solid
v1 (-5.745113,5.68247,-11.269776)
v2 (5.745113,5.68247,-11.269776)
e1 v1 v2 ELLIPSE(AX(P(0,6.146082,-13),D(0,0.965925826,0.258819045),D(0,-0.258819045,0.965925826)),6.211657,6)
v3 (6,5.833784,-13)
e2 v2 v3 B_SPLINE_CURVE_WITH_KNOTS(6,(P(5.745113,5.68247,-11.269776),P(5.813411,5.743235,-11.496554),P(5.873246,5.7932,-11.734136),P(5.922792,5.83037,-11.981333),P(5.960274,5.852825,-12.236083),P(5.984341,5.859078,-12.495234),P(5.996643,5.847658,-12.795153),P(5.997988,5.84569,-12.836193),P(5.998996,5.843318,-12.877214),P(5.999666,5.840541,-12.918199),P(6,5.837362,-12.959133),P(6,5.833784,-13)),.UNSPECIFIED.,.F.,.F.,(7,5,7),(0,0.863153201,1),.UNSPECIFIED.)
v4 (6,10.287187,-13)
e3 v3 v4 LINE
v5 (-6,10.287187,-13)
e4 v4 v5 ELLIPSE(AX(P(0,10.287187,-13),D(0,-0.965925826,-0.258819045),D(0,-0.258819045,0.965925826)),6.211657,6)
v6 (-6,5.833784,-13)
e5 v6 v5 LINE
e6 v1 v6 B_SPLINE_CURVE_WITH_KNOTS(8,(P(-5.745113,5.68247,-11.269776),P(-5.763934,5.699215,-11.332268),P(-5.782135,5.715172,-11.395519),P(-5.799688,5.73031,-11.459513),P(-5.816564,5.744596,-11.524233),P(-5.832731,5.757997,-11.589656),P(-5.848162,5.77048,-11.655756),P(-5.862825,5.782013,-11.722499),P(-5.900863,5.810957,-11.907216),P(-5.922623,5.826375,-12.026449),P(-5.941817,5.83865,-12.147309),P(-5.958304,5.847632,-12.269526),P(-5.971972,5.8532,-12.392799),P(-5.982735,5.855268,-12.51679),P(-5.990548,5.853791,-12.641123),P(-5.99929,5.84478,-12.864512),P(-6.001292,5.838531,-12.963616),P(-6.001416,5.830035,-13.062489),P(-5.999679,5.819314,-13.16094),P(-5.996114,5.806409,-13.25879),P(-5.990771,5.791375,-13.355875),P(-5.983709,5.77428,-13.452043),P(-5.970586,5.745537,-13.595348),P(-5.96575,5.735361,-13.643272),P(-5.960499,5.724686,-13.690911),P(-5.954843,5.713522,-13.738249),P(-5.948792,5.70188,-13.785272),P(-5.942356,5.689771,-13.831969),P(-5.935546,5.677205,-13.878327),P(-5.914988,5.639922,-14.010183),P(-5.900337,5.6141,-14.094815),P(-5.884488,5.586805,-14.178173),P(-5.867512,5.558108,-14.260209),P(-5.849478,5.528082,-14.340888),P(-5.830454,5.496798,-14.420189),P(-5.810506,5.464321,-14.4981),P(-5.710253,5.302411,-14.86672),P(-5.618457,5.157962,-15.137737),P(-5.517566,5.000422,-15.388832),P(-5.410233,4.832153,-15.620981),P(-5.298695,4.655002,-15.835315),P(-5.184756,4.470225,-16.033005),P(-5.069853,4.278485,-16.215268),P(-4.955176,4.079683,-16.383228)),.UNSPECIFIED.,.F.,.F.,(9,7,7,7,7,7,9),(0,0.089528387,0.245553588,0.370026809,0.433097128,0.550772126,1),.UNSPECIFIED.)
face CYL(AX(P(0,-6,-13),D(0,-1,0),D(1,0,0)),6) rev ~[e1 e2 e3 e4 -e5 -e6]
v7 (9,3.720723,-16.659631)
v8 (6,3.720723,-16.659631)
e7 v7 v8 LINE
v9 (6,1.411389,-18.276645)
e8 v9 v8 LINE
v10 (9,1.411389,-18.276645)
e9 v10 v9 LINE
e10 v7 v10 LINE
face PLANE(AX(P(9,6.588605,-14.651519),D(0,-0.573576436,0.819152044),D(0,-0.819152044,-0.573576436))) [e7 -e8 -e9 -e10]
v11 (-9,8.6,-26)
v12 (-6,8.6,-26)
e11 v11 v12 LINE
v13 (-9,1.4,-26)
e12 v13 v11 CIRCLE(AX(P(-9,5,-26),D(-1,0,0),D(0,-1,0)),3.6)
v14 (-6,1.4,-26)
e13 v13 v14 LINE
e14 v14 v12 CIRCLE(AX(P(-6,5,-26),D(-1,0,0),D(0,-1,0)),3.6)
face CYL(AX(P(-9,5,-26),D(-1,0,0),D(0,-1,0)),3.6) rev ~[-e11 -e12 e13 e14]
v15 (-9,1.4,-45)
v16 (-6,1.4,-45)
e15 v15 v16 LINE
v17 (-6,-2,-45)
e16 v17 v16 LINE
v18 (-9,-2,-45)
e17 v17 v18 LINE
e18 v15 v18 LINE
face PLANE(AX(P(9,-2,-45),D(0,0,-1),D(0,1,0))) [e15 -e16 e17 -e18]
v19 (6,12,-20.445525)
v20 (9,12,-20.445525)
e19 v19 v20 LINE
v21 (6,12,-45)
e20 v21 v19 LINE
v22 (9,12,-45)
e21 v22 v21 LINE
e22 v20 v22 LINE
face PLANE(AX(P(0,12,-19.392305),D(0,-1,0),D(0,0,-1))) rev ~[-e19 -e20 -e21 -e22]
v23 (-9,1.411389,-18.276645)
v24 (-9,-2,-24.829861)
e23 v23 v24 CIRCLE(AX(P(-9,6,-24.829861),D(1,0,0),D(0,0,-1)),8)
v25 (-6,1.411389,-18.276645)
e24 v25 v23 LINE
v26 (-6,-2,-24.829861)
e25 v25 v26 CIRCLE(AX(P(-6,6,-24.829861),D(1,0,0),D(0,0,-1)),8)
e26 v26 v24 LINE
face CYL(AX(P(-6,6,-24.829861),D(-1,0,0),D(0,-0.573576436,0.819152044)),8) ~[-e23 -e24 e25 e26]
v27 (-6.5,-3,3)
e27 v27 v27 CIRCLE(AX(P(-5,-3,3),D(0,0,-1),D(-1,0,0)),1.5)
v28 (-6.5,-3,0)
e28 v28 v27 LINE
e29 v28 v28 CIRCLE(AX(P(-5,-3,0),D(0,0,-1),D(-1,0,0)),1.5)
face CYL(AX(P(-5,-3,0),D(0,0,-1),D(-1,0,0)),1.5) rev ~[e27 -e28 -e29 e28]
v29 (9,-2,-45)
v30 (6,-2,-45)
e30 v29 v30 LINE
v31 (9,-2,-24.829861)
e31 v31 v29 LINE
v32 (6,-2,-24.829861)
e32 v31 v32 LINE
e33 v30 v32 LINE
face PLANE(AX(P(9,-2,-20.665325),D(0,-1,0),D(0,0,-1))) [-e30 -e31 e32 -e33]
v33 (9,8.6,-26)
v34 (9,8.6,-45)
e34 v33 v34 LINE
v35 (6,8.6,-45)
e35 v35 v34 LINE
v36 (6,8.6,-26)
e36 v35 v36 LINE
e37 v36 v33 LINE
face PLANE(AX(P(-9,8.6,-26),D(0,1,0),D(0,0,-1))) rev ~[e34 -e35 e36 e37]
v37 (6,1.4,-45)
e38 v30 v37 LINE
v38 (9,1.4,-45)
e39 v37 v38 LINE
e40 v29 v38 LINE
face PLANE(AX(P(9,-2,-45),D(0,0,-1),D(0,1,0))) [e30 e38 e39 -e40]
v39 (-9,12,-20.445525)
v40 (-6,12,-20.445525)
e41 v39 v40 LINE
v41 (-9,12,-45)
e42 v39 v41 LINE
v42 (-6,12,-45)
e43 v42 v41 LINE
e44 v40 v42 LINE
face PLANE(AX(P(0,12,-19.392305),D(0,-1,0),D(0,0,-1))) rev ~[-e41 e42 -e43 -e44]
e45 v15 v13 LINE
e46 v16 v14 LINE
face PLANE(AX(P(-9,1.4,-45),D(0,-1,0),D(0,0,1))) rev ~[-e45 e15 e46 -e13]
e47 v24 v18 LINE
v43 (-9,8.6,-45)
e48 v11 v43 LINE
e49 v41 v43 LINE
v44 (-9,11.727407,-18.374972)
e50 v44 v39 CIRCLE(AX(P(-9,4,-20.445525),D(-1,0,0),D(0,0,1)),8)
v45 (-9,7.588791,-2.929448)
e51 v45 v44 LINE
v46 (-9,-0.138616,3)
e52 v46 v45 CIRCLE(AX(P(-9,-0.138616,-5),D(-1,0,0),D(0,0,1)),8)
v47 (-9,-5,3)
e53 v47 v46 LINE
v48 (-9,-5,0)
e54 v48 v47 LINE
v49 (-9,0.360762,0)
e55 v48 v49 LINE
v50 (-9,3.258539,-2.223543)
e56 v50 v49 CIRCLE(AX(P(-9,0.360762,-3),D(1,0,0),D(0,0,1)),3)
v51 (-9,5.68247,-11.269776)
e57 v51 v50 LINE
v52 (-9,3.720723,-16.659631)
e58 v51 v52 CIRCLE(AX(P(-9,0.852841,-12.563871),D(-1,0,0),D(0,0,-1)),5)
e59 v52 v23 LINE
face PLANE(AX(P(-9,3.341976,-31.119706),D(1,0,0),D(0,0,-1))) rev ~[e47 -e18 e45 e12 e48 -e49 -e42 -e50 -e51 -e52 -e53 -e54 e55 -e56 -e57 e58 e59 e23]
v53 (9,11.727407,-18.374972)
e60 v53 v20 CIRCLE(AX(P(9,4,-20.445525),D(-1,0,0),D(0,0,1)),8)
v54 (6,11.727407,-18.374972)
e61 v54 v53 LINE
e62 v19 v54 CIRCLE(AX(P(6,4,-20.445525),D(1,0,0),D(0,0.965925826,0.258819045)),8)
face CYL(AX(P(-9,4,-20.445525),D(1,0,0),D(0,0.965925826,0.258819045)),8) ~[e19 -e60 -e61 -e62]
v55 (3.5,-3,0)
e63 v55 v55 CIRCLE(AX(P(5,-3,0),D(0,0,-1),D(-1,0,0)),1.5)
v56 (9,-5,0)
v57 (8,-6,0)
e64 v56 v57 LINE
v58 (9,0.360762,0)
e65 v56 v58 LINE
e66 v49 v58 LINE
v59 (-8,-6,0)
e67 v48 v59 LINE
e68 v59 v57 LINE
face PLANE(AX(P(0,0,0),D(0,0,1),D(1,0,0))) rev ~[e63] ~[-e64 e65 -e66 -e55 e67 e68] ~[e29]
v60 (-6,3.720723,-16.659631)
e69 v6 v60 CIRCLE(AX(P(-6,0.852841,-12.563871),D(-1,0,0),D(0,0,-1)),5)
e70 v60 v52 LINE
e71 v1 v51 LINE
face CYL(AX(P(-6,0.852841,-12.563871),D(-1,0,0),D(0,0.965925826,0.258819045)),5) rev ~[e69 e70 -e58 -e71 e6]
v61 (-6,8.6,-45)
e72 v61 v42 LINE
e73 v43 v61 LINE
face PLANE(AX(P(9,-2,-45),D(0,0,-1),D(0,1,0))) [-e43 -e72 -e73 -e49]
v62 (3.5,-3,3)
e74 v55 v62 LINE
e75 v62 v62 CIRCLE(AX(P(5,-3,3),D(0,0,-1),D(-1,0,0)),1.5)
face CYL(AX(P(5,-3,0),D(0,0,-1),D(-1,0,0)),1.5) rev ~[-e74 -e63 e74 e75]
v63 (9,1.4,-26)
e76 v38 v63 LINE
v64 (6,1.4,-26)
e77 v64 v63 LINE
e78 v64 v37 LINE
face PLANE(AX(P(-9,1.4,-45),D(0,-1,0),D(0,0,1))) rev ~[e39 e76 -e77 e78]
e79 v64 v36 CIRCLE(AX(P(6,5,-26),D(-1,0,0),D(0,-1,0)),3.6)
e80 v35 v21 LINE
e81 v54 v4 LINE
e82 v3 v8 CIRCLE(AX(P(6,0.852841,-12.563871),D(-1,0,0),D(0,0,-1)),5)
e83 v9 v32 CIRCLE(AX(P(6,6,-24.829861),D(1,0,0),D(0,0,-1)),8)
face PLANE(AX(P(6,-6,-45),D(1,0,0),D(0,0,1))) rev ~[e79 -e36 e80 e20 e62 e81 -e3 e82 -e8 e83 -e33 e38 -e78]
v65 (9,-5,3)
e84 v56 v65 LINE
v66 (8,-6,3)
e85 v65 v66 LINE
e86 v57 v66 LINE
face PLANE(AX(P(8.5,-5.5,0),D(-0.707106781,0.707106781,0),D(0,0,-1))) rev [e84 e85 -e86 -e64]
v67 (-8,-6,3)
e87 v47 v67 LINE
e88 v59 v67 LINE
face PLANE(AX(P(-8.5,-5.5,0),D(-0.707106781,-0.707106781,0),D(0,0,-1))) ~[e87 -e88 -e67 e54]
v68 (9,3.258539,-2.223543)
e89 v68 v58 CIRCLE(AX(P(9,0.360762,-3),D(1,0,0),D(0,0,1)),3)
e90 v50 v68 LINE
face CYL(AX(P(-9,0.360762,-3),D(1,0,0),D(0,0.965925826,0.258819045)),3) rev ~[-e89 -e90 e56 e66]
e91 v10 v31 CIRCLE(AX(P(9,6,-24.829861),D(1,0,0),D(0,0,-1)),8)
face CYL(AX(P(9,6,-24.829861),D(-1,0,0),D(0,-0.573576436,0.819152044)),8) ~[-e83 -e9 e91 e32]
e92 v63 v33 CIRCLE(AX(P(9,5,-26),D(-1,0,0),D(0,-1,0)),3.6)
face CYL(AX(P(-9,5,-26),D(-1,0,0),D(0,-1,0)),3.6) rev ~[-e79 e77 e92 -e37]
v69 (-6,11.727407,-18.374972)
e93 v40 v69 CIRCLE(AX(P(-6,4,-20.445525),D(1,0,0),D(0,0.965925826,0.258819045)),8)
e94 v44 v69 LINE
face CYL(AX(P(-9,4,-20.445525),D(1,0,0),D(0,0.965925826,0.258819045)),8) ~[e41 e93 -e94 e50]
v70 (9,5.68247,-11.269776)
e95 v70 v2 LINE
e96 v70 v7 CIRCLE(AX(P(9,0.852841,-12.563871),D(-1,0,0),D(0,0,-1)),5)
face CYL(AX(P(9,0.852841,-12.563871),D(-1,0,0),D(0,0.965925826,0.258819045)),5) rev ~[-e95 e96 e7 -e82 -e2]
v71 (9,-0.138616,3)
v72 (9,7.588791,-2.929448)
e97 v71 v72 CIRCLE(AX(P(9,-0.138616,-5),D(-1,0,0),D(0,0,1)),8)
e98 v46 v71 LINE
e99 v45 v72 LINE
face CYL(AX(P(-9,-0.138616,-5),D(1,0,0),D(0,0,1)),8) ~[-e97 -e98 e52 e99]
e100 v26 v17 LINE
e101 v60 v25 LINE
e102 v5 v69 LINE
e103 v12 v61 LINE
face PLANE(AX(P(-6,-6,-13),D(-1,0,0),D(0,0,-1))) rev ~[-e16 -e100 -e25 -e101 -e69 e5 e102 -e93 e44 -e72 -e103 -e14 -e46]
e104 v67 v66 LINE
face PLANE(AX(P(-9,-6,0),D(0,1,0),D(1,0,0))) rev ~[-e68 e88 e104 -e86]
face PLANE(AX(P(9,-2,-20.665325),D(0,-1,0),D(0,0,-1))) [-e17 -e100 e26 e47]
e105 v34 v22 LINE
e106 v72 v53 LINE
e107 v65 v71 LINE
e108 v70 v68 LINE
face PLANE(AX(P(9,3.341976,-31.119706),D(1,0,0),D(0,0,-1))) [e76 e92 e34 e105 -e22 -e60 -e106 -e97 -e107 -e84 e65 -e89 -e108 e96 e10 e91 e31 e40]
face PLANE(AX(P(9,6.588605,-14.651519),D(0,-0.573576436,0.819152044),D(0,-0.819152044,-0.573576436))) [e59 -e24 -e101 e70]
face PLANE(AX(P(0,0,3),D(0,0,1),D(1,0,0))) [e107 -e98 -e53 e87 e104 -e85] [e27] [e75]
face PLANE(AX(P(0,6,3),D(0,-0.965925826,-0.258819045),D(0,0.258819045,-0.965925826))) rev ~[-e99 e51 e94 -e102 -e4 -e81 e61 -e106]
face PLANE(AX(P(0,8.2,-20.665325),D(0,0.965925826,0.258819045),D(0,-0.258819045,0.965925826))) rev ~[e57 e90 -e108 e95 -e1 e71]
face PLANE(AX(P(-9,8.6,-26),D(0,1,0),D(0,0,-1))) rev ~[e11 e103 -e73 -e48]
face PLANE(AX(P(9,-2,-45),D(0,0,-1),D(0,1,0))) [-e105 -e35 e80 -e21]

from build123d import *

# Parameters (mm, degrees)
SKETCH_1_W          = 18
SKETCH_1_H          = 12
EXTRUDE_1_DEPTH     = 3
EXTRUDE_2_DEPTH     = 9
EXTRUDE1_DEPTH      = 18
SKETCH_5_R          = 1.5
CUT_EXTRUDE_5_DEPTH = 3
CHAMFER_1_SIZE      = 1
FILLET1_R           = 8
EXTRUDE6_REACH      = 51.295
EXTRUDE7_START      = -18
EXTRUDE7_DEPTH      = 18
FILLET5_R           = 3
FILLET6_R           = 5
FILLET7_R           = 8


with BuildPart() as part:
    # 草图1 → 拉伸1 (new body)
    with BuildSketch(Plane.XY):
        Rectangle(SKETCH_1_W, SKETCH_1_H)
    extrude(amount=EXTRUDE_1_DEPTH)

    # 草图2 → 拉伸2 (add, symmetric)
    with BuildSketch(Plane(origin=(0, 0, 0), x_dir=(0, 0, -1), z_dir=(1, 0, 0))):
        Polygon((19.392304845, 12), (45, 12), (45, 8.2), (20.665324997, 8.2), (0, 2.662742856), (-3, 6), align=None)
    extrude(amount=EXTRUDE_2_DEPTH, both=True)

    # Sketch2 → Extrude1 (add)
    with BuildSketch(Plane(origin=(9, 0, 0), x_dir=(0, 0, -1), z_dir=(1, 0, 0))):
        Polygon((45, 8.2), (20.665324997, 8.2), (14.65151871, 6.588605462), (20.665324997, -2), (45, -2), align=None)
    extrude(amount=-EXTRUDE1_DEPTH)

    # 草图5 → 拉伸5 (cut)
    with BuildSketch(Plane(origin=(0, 0, 0), x_dir=(-1, 0, 0), z_dir=(0, 0, -1))):
        with Locations((-5, -3)):
            Circle(SKETCH_5_R)
        with Locations((5, -3)):
            Circle(SKETCH_5_R)
    extrude(amount=-CUT_EXTRUDE_5_DEPTH, mode=Mode.SUBTRACT)

    # 倒角1
    chamfer_1_edges = [part.edges().sort_by_distance(p)[0] for p in [
        (9, -6, 1.5),
        (-9, -6, 1.5),
    ]]
    chamfer(chamfer_1_edges, length=CHAMFER_1_SIZE)

    # Fillet1
    fillet1_edges = [part.edges().sort_by_distance(p)[0] for p in [
        (0, 6, 3),
        (0, 12, -19.392304845),
    ]]
    fillet(fillet1_edges, radius=FILLET1_R)

    # Extrude6: up to this face of the body (flat: up to its plane)
    extrude6_end = Plane(part.part.faces().sort_by_distance((0, 12, -32.722762413))[0])
    # Sketch3 → Extrude6 (cut, up to the picked face)
    with BuildSketch(Plane.XZ.offset(6), mode=Mode.PRIVATE) as extrude6_sk1:
        with BuildLine():
            Line((-6, -45), (6, -45))
            Line((6, -45), (6, -13))
            ThreePointArc((6, -13), (0, -7), (-6, -13))
            Line((-6, -13), (-6, -45))
        make_face()
    extrude6_tool1 = split(extrude(extrude6_sk1.sketch, amount=-EXTRUDE6_REACH, mode=Mode.PRIVATE), bisect_by=extrude6_end, keep=Keep.BOTH, mode=Mode.PRIVATE)
    add(extrude6_tool1.solids().sort_by(Axis((0, -6, -26.619381), (0, 1, 0)))[0], mode=Mode.SUBTRACT)

    # Sketch4 → Extrude7 (cut)
    with BuildSketch(Plane(origin=(9, 0, 0), x_dir=(0, 0, -1), z_dir=(1, 0, 0)).offset(EXTRUDE7_START)):
        with BuildLine():
            Line((26, 8.6), (45, 8.6))
            Line((45, 8.6), (45, 1.4))
            Line((45, 1.4), (26, 1.4))
            ThreePointArc((26, 1.4), (22.4, 5), (26, 8.6))
        make_face()
    extrude(amount=EXTRUDE7_DEPTH, mode=Mode.SUBTRACT)

    # Fillet5
    fillet5_edges = [part.edges().sort_by_distance(p)[0] for p in [
        (0, 2.662742856, 0),
    ]]
    fillet(fillet5_edges, radius=FILLET5_R)

    # Fillet6
    fillet6_edges = [part.edges().sort_by_distance(p)[0] for p in [
        (-7.5, 6.588605462, -14.65151871),
        (7.5, 6.588605462, -14.65151871),
    ]]
    fillet(fillet6_edges, radius=FILLET6_R)

    # Fillet7
    fillet7_edges = [part.edges().sort_by_distance(p)[0] for p in [
        (-7.5, -2, -20.665324997),
        (7.5, -2, -20.665324997),
    ]]
    fillet(fillet7_edges, radius=FILLET7_R)


solid = part.part
